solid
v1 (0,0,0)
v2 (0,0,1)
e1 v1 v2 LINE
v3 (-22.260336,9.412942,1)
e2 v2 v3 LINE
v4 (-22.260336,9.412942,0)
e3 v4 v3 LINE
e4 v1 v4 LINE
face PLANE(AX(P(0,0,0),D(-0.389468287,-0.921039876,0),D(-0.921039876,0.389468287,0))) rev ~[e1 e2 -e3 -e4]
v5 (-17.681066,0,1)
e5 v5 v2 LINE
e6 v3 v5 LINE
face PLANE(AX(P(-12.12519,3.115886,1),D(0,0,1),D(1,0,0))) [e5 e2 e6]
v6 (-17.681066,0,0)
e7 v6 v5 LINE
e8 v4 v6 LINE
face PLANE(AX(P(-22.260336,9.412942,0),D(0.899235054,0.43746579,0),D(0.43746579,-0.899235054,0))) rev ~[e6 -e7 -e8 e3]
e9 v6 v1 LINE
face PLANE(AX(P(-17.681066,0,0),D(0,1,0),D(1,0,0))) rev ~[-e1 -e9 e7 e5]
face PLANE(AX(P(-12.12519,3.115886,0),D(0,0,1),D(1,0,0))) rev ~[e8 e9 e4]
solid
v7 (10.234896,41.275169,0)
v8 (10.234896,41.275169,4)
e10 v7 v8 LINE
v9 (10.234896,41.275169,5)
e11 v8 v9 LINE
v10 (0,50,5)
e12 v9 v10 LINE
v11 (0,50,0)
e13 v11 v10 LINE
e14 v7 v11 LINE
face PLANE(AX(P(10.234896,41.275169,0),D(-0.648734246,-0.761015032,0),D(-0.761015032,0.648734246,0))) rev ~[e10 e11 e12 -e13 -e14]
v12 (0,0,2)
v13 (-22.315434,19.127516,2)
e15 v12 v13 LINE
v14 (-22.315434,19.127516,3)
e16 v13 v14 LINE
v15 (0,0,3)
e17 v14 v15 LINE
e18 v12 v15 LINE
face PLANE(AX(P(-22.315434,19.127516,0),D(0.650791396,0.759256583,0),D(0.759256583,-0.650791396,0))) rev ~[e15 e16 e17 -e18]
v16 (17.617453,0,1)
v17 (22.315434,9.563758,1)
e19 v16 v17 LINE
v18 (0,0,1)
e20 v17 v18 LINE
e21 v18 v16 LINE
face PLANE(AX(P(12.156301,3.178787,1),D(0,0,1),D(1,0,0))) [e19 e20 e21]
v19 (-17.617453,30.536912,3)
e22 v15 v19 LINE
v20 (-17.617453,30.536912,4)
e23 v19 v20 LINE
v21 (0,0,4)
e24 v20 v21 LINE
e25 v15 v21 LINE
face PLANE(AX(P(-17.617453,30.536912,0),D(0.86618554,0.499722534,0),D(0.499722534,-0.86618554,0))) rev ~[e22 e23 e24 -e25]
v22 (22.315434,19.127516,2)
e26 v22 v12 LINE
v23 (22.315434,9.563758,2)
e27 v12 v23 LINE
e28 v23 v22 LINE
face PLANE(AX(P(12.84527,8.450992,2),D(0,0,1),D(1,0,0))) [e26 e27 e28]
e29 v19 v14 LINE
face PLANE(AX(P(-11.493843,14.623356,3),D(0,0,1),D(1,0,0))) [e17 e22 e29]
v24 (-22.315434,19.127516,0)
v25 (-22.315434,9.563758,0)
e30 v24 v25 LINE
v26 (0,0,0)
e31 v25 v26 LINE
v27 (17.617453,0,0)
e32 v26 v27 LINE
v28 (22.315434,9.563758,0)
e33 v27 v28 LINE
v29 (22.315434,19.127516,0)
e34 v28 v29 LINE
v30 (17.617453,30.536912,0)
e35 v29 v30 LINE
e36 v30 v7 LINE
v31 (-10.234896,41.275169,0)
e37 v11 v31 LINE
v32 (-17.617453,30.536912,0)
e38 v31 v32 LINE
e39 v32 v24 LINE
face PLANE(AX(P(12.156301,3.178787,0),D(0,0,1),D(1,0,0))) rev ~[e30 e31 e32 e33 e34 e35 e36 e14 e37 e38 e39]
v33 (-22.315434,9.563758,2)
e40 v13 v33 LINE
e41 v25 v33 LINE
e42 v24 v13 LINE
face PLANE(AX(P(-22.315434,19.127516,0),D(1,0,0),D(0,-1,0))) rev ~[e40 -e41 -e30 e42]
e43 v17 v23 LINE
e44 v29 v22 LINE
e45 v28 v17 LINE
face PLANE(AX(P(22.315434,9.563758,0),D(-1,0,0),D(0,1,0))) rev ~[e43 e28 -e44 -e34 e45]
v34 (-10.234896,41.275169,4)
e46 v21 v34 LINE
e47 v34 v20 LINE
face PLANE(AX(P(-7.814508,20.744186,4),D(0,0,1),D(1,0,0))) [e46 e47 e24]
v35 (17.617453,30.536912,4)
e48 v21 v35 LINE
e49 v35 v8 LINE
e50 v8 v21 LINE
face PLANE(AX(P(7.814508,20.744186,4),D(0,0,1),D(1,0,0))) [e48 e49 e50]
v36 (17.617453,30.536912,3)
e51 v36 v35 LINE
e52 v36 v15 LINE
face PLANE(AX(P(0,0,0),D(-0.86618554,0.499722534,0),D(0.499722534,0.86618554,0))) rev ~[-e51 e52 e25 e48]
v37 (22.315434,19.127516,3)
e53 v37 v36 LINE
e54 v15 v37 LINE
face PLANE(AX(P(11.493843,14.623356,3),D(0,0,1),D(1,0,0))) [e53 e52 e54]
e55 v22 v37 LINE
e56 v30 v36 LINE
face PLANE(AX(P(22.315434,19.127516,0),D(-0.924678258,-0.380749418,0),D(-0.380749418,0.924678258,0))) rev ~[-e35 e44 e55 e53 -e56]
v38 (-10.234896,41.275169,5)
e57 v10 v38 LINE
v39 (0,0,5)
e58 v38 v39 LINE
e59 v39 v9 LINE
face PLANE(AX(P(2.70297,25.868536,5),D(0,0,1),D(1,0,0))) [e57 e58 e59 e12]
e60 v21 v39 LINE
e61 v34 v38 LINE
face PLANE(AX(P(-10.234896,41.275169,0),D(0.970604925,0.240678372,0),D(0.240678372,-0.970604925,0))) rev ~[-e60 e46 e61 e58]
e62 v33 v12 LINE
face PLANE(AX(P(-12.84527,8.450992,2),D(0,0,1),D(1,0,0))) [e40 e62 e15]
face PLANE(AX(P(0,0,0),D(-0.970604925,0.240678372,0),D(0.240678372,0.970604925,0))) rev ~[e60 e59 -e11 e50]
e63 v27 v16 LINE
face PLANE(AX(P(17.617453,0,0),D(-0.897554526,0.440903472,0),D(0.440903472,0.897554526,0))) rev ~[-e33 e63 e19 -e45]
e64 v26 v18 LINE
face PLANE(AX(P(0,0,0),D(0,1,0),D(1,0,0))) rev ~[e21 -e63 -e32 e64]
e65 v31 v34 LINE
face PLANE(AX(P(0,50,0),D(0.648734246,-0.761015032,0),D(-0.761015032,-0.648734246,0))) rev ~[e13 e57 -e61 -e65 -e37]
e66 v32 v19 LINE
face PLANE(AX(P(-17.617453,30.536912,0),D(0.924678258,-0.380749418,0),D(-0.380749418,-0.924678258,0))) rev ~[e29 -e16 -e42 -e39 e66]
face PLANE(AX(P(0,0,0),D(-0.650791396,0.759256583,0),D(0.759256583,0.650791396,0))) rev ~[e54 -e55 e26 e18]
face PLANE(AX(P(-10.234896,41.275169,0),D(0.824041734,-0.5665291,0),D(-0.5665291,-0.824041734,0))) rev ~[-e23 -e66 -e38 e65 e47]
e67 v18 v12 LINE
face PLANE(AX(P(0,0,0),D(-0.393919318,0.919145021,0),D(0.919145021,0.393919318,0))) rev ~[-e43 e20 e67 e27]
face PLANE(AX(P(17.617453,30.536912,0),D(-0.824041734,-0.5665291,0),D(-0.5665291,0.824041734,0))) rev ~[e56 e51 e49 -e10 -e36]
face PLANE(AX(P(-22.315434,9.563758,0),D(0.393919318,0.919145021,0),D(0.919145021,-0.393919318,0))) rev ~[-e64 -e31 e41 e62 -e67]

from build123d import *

# Parameters (mm, degrees)
F2_DEPTH  = 1
F4_DEPTH  = 2
F6_DEPTH  = 3
F8_DEPTH  = 4
F9_DEPTH  = 5
F10_DEPTH = 5
F11_DEPTH = 4
F12_DEPTH = 3
F13_DEPTH = 2
F14_DEPTH = 1


with BuildPart() as f2:
    # F1 (on Top) → F2 (new body)
    with BuildSketch(Plane.XY):
        Polygon((-17.681066, 0), (0, 0), (-22.260336, 9.412942), align=None)
    extrude(amount=F2_DEPTH)



with BuildPart() as f4:
    # F0 (on Top) → F4 (new body)
    with BuildSketch(Plane.XY):
        Polygon((-22.315434, 9.563758), (0, 0), (-22.315434, 19.127516), align=None)
    extrude(amount=F4_DEPTH)


with BuildPart() as f2_1:
    add(f2.part)

    add(f4.part)  # F6 merges F4
    # F0 (on Top) → F6 (join)
    with BuildSketch(Plane.XY):
        Polygon((-22.315434, 19.127516), (0, 0), (-17.617453, 30.536912), align=None)
    extrude(amount=F6_DEPTH)

    # F7 (on face) → F8 (join)
    with BuildSketch(Plane.XY):
        Polygon((-10.234896, 41.275169), (-17.617453, 30.536912), (0, 0), align=None)
    extrude(amount=F8_DEPTH)

    # F0 (on Top) → F9 (join)
    with BuildSketch(Plane.XY):
        Polygon((-10.234896, 41.275169), (0, 0), (0, 50), align=None)
    extrude(amount=F9_DEPTH)

    # F0 (on Top) → F10 (join)
    with BuildSketch(Plane.XY):
        Polygon((0, 50), (0, 0), (10.234896, 41.275169), align=None)
    extrude(amount=F10_DEPTH)

    # F0 (on Top) → F11 (join)
    with BuildSketch(Plane.XY):
        Polygon((10.234896, 41.275169), (0, 0), (17.617453, 30.536912), align=None)
    extrude(amount=F11_DEPTH)

    # F0 (on Top) → F12 (join)
    with BuildSketch(Plane.XY):
        Polygon((17.617453, 30.536912), (0, 0), (22.315434, 19.127516), align=None)
    extrude(amount=F12_DEPTH)

    # F0 (on Top) → F13 (join)
    with BuildSketch(Plane.XY):
        Polygon((22.315434, 19.127516), (0, 0), (22.315434, 9.563758), align=None)
    extrude(amount=F13_DEPTH)

    # F0 (on Top) → F14 (join)
    with BuildSketch(Plane.XY):
        Polygon((22.315434, 9.563758), (0, 0), (17.617453, 0), align=None)
    extrude(amount=F14_DEPTH)


solid = f2_1.part
